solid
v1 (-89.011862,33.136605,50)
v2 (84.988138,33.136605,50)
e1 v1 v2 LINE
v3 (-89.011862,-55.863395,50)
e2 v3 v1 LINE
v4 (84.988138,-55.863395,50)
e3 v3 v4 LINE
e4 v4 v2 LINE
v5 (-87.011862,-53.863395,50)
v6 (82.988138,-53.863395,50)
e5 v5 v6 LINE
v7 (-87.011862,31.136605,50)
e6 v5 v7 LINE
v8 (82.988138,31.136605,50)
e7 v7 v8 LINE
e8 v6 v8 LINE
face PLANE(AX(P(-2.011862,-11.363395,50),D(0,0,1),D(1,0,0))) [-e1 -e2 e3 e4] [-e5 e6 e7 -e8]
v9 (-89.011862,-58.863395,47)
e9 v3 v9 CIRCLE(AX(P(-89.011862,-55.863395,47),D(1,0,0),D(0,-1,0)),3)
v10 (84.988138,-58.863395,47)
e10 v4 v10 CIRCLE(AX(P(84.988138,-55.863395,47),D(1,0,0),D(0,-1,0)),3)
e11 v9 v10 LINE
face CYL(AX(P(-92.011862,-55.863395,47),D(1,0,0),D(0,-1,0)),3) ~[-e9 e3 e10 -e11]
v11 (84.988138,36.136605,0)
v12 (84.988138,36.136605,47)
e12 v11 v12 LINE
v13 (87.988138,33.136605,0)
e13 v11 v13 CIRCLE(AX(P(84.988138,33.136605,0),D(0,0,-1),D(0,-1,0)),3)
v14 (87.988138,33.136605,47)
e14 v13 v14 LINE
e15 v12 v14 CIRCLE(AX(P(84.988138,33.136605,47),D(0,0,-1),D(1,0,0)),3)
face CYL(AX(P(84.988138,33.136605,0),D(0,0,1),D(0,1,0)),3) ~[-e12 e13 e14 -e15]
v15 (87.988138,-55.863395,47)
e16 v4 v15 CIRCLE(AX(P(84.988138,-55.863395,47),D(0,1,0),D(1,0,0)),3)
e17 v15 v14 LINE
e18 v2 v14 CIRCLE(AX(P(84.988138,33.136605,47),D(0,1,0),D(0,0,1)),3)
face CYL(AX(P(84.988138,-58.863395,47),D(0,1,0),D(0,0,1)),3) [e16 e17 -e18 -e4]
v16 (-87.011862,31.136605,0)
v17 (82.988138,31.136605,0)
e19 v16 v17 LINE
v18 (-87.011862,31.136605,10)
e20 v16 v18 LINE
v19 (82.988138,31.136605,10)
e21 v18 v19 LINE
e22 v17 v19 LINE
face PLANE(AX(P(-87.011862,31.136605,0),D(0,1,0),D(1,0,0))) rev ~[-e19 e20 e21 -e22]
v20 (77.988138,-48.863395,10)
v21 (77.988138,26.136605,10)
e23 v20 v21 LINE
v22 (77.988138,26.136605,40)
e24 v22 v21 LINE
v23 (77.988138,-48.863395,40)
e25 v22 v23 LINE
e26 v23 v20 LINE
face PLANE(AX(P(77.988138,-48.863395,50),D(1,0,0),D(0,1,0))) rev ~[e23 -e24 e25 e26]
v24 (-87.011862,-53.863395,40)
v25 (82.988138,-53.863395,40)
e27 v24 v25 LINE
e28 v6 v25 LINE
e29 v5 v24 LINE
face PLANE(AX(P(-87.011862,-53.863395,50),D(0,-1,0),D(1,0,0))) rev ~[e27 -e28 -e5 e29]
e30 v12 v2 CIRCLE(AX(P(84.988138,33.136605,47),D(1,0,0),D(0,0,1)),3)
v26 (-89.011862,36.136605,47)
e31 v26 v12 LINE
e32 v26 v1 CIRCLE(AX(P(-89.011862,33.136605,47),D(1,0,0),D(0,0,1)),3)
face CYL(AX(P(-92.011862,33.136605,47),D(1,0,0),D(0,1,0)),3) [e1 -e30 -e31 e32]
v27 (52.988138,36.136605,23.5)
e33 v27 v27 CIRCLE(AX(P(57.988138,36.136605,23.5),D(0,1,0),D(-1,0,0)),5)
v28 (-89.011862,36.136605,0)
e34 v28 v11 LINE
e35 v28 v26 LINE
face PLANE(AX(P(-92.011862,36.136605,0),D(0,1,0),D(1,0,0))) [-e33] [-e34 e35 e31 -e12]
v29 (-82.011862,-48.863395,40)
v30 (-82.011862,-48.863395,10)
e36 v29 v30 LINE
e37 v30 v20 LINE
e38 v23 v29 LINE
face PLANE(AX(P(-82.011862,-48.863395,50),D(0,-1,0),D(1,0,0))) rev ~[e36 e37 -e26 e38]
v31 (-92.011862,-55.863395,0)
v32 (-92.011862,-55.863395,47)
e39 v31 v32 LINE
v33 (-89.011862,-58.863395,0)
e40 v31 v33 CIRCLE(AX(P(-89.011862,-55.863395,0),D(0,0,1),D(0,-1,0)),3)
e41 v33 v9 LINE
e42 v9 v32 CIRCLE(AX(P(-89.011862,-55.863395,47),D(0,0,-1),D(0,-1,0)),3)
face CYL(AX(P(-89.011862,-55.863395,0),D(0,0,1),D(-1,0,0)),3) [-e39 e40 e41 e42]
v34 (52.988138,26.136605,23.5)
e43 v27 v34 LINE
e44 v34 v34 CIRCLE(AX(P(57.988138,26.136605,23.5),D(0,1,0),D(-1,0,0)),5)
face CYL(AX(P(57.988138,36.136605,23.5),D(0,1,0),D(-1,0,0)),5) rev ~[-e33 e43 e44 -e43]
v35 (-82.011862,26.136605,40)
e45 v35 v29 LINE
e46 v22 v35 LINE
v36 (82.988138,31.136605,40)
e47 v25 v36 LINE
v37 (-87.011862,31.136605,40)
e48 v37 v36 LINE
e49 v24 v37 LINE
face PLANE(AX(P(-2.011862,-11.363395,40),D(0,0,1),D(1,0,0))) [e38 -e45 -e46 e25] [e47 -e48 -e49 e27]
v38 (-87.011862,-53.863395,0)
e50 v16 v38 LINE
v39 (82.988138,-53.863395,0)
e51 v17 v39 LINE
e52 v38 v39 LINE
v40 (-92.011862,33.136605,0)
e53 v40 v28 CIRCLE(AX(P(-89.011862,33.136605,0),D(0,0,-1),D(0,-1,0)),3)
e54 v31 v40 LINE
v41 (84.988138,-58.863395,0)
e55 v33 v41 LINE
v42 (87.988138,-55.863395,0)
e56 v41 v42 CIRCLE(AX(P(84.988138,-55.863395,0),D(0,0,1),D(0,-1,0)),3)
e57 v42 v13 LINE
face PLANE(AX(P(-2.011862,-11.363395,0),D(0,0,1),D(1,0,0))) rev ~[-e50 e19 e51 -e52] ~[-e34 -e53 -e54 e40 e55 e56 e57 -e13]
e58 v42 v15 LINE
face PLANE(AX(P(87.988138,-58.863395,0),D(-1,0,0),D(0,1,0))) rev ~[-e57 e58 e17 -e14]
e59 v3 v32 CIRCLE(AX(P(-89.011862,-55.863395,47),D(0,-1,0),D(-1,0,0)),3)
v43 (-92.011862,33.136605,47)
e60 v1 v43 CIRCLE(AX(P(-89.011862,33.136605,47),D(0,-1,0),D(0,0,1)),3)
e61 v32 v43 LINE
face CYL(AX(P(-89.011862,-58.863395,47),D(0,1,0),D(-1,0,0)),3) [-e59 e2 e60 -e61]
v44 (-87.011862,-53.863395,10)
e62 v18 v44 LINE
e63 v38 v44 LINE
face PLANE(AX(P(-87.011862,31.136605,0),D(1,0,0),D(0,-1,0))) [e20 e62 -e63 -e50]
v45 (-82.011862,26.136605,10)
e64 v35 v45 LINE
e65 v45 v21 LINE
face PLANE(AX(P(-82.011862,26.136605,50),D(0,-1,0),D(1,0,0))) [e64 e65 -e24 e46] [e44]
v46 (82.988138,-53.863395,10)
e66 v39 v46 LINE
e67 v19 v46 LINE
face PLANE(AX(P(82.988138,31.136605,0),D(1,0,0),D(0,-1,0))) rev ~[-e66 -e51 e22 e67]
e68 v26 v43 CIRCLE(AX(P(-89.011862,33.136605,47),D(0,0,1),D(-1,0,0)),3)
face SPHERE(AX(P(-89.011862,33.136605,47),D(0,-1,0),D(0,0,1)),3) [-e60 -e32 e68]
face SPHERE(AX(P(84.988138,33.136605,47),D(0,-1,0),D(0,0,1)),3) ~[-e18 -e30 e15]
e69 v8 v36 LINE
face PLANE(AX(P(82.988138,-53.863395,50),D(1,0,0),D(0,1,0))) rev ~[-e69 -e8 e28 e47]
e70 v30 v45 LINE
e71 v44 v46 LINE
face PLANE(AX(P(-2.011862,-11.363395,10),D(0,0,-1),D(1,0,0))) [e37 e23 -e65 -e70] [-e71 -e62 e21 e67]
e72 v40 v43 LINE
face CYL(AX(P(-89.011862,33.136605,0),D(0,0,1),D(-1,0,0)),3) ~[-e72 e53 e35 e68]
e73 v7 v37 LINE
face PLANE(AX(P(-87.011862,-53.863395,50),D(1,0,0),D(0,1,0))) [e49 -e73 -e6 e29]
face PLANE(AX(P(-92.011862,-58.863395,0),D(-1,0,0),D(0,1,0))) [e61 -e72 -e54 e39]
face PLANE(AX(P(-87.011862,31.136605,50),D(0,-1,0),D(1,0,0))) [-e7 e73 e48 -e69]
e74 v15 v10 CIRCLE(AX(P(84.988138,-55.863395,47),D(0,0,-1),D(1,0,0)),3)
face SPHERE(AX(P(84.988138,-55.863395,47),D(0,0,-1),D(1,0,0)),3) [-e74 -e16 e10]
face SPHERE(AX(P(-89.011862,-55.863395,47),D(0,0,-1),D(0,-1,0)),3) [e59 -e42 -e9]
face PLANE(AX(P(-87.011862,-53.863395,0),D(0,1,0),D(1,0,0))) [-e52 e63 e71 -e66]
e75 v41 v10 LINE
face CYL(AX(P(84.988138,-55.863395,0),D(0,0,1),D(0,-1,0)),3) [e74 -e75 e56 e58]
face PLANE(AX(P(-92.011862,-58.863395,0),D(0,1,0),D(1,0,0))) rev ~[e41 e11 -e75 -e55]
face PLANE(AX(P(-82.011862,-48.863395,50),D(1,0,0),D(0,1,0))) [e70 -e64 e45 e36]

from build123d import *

# Parameters (mm, degrees)
F0_W      = 180
F0_H      = 95
F1_DEPTH  = 50
F2_W      = 160
F2_H      = 75
F3_DEPTH  = 50.001
F4_W      = 170
F4_H      = 85
F5_DEPTH  = 10
F6_W      = 170
F6_H      = 85
F7_DEPTH  = 10
F8_R      = 3
F9_R      = 5
F10_DEPTH = 10


with BuildPart() as f1:
    # F0 (on Top) → F1 (new body)
    with BuildSketch(Plane.XY):
        with Locations((-2.011862, -11.363395)):
            Rectangle(F0_W, F0_H)
    extrude(amount=F1_DEPTH)

    # F2 (on face) → F3 (cut, through all)
    with BuildSketch(Plane.XY.offset(50)):
        with Locations((-2.011862, -11.363395)):
            Rectangle(F2_W, F2_H)
    extrude(amount=-F3_DEPTH, mode=Mode.SUBTRACT)

    # F4 (on face) → F5 (cut)
    with BuildSketch(Plane.XY.offset(50)):
        with Locations((-2.011862, -11.363395)):
            Rectangle(F4_W, F4_H)
    extrude(amount=-F5_DEPTH, mode=Mode.SUBTRACT)

    # F6 (on face) → F7 (cut)
    with BuildSketch(Plane(origin=(0, 0, 0), x_dir=(1, 0, 0), z_dir=(0, 0, -1))):
        with Locations((-2.011862, 11.363395)):
            Rectangle(F6_W, F6_H)
    extrude(amount=-F7_DEPTH, mode=Mode.SUBTRACT)

    # F8
    f8_edges = [f1.edges().sort_by_distance(p)[0] for p in [
        (-92.011862, -58.863395, 25),
        (87.988138, -58.863395, 25),
        (87.988138, -11.363395, 50),
        (-2.011862, -58.863395, 50),
        (-92.011862, -11.363395, 50),
        (-2.011862, 36.136605, 50),
        (-92.011862, 36.136605, 25),
        (87.988138, 36.136605, 25),
    ]]
    fillet(f8_edges, radius=F8_R)

    # F9 (on face) → F10 (cut, through all)
    with BuildSketch(Plane(origin=(0, 36.136605, 0), x_dir=(-1, 0, 0), z_dir=(0, 1, 0))):
        with Locations((-57.988138, 23.5)):
            Circle(F9_R)
    extrude(amount=-F10_DEPTH, mode=Mode.SUBTRACT)


solid = f1.part
